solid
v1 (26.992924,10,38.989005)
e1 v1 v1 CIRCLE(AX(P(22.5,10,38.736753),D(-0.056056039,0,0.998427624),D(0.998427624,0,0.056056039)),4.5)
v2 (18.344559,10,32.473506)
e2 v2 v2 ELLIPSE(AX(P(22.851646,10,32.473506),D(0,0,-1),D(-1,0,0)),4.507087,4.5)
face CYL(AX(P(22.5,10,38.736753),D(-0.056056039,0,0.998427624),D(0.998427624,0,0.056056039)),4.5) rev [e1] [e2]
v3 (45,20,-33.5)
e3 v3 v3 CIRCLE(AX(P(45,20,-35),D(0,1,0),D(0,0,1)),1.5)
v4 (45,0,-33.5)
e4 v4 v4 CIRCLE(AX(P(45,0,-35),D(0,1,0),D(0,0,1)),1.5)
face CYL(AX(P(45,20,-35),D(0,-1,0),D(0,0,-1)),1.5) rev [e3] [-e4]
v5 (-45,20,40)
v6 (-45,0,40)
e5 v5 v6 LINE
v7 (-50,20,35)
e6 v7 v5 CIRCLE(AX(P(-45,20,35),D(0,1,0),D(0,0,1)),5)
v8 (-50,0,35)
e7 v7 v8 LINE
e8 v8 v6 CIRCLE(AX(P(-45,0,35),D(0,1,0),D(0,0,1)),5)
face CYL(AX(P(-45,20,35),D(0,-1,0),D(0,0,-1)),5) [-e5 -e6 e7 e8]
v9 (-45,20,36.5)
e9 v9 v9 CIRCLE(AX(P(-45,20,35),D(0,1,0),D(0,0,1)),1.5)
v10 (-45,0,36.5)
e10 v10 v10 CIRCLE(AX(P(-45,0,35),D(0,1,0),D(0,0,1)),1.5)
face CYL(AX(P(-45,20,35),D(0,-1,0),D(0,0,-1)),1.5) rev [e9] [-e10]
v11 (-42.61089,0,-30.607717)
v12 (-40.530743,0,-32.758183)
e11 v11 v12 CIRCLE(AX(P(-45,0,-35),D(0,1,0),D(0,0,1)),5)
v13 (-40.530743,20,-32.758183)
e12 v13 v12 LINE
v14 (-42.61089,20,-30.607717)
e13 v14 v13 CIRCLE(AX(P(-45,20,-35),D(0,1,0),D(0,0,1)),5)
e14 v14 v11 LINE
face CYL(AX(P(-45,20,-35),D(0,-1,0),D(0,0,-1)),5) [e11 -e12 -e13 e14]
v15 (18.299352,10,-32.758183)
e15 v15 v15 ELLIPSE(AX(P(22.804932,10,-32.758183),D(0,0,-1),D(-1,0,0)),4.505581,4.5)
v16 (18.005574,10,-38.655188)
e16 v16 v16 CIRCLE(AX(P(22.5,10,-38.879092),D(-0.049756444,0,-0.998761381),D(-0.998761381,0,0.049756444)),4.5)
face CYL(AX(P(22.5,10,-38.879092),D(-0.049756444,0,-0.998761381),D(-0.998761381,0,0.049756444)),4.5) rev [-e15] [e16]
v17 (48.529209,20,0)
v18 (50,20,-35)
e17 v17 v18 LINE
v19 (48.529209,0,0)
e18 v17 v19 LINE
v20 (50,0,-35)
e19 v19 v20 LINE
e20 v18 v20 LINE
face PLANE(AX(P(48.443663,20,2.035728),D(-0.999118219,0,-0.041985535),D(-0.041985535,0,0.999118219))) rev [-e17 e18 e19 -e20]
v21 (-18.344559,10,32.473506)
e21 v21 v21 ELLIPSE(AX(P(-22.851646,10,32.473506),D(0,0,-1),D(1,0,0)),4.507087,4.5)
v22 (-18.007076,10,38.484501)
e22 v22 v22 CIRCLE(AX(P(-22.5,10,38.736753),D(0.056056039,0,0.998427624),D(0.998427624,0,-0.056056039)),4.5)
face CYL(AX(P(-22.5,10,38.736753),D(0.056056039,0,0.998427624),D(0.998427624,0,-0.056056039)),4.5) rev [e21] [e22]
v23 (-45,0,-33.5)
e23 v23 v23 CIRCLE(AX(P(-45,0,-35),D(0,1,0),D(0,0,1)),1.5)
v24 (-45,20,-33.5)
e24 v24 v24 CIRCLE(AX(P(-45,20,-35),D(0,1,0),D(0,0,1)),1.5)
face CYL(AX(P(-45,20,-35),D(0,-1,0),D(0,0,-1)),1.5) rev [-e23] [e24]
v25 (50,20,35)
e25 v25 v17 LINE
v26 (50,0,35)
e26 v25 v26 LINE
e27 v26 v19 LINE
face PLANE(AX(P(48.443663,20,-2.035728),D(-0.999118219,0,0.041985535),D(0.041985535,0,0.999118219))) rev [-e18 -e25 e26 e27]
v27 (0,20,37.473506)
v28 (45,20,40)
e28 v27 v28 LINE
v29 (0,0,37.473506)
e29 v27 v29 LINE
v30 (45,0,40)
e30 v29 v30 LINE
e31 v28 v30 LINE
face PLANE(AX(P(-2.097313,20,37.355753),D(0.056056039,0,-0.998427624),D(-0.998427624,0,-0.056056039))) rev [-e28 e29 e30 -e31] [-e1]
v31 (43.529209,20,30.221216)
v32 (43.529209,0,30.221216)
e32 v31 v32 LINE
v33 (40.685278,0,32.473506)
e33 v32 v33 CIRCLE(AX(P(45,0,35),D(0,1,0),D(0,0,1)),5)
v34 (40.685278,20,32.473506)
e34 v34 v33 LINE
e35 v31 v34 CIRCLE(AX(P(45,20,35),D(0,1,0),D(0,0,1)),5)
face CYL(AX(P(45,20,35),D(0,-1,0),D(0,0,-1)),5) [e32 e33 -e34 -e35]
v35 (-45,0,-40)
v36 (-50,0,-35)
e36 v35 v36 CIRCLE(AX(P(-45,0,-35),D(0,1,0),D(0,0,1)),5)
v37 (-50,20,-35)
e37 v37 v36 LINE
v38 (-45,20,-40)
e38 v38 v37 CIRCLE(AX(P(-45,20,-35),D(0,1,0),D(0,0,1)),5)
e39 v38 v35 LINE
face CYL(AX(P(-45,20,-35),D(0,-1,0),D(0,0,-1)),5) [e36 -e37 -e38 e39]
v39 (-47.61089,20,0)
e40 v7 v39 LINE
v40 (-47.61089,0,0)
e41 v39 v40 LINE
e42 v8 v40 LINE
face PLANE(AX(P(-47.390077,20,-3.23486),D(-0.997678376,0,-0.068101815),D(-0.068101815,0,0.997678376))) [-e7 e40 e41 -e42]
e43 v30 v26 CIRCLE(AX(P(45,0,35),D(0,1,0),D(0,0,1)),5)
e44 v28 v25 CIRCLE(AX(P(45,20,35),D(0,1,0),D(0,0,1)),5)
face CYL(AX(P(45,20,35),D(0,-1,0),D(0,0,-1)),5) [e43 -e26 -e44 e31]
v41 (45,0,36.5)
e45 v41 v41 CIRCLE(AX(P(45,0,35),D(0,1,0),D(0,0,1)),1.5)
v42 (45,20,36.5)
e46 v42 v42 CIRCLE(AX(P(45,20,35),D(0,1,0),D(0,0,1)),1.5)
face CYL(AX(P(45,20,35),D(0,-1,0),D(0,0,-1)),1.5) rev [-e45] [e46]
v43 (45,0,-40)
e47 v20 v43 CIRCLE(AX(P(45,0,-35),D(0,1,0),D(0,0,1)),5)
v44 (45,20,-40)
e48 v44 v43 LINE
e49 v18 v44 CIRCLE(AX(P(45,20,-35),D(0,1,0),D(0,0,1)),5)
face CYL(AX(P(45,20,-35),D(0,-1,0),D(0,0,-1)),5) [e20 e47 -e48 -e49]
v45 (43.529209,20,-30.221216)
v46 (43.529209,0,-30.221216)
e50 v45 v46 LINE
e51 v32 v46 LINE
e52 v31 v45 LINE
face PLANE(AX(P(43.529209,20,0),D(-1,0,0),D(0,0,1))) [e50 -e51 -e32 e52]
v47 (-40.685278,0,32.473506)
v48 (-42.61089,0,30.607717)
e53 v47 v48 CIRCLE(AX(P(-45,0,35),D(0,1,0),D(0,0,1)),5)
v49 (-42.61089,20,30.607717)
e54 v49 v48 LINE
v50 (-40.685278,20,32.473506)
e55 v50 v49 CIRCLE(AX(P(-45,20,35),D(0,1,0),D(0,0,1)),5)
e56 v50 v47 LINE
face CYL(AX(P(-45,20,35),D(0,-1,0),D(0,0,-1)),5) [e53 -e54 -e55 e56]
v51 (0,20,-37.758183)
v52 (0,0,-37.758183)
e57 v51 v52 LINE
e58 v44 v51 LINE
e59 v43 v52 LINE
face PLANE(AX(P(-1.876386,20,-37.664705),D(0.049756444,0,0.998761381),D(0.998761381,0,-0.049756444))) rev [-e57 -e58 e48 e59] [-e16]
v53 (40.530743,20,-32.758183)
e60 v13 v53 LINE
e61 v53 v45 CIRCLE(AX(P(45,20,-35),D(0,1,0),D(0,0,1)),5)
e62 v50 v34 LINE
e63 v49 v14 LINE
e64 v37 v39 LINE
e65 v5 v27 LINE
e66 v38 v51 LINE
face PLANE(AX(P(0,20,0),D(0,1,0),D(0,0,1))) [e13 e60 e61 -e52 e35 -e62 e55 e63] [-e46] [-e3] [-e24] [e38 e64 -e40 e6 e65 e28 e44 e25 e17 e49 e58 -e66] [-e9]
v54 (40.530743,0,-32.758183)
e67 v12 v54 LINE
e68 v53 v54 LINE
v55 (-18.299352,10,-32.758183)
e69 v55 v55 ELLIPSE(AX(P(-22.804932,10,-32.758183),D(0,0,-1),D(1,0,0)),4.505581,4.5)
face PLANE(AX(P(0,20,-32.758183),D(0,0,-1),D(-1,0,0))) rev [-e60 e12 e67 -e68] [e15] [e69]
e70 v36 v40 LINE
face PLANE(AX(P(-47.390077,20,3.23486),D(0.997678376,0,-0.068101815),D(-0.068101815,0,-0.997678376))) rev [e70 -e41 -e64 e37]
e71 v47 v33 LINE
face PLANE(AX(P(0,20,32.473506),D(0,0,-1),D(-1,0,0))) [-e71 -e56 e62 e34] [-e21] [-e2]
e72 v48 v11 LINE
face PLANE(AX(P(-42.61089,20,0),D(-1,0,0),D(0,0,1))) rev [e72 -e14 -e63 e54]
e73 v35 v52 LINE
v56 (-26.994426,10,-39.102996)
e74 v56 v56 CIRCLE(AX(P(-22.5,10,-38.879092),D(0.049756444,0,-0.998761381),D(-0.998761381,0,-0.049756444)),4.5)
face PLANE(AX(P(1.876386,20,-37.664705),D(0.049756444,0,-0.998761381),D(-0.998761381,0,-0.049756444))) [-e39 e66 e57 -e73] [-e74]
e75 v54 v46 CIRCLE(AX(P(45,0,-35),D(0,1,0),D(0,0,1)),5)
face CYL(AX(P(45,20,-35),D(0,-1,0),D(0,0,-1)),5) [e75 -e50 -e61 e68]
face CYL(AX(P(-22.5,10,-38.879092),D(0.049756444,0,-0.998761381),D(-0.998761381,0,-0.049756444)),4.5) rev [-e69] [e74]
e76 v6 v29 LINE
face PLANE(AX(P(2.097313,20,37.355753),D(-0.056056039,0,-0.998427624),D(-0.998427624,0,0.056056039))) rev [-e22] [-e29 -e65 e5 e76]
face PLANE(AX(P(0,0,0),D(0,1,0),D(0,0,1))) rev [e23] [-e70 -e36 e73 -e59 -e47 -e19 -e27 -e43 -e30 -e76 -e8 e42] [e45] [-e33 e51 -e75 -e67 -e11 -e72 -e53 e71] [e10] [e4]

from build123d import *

# Parameters (mm, degrees)
SKETCH1_R                   = 1.5
BOSS_EXTRUDE3_DEPTH         = 20
M10X1_0_TAPPED_HOLE2_REACH  = 97.384
M10X1_0_TAPPED_HOLE2_BORE_R = 4.5
M10X1_0_TAPPED_HOLE3_REACH  = 97.384
M10X1_0_TAPPED_HOLE3_BORE_R = 4.5
M10X1_0_TAPPED_HOLE4_REACH  = 97.514
M10X1_0_TAPPED_HOLE4_BORE_R = 4.5
M10X1_0_TAPPED_HOLE5_REACH  = 97.514
M10X1_0_TAPPED_HOLE5_BORE_R = 4.5


with BuildPart() as part:
    # Sketch1 → Boss-Extrude3 (new body)
    with BuildSketch(Plane(origin=(0, 0, 0), x_dir=(1, 0, 0), z_dir=(0, 1, 0))):
        with BuildLine():
            Line((-44.503051854, 39.975242963), (-45, 40))
            ThreePointArc((-45, 40), (-48.535533906, 38.535533906), (-50, 35))
            Line((-50, 35), (-49.953621428, 34.32056292))
            Line((-49.953621428, 34.32056292), (-47.610889869, 0))
            Line((-47.610889869, 0), (-49.953621428, -34.32056292))
            Line((-49.953621428, -34.32056292), (-50, -35))
            ThreePointArc((-50, -35), (-48.535533906, -38.535533906), (-45, -40))
            Line((-45, -40), (0, -37.473505635))
            Line((0, -37.473505635), (45, -40))
            ThreePointArc((45, -40), (48.535533906, -38.535533906), (50, -35))
            Line((50, -35), (49.982372149, -34.580514872))
            Line((49.982372149, -34.580514872), (48.529209365, 0))
            Line((48.529209365, 0), (49.982372149, 34.580514872))
            Line((49.982372149, 34.580514872), (50, 35))
            ThreePointArc((50, 35), (48.535533906, 38.535533906), (45, 40))
            Line((45, 40), (44.503051854, 39.975242963))
            Line((44.503051854, 39.975242963), (0, 37.758183271))
            Line((0, 37.758183271), (-44.503051854, 39.975242963))
        make_face()
        with Locations(Location((-45, -35, 0), (0, 0, 270))):
            Circle(SKETCH1_R, mode=Mode.SUBTRACT)
        with Locations(Location((45, -35, 0), (0, 0, 270))):
            Circle(SKETCH1_R, mode=Mode.SUBTRACT)
        with Locations(Location((-45, 35, 0), (0, 0, 270))):
            Circle(SKETCH1_R, mode=Mode.SUBTRACT)
        with BuildLine():
            Line((40.685277967, -32.473505635), (-40.685277967, -32.473505635))
            ThreePointArc((-40.685277967, -32.473505635), (-41.520684905, -31.409127338), (-42.610889869, -30.607716678))
            Line((-42.610889869, -30.607716678), (-42.610889869, 30.607716678))
            ThreePointArc((-42.610889869, 30.607716678), (-41.406196107, 31.523712673), (-40.530743043, 32.758183271))
            Line((-40.530743043, 32.758183271), (40.530743043, 32.758183271))
            ThreePointArc((40.530743043, 32.758183271), (41.770434724, 31.182945097), (43.529209365, 30.221216169))
            Line((43.529209365, 30.221216169), (43.529209365, -30.221216169))
            ThreePointArc((43.529209365, -30.221216169), (41.895770439, -31.080336898), (40.685277967, -32.473505635))
        make_face(mode=Mode.SUBTRACT)
        with Locations(Location((45, 35, 0), (0, 0, 270))):
            Circle(SKETCH1_R, mode=Mode.SUBTRACT)
    extrude(amount=BOSS_EXTRUDE3_DEPTH)

    # M10x1.0 Tapped Hole2 bore → M10x1.0 Tapped Hole2 (cut, up to next)
    with BuildSketch(Plane(origin=(2.097313344, 0, 37.355753405), x_dir=(0.9984276240489233, 0, -0.05605603924665131), z_dir=(0.05605603924665131, 0, 0.9984276240489233)), mode=Mode.PRIVATE) as m10x1_0_tapped_hole2_sk1:
        with Locations((-24.636050477, 10)):
            Circle(M10X1_0_TAPPED_HOLE2_BORE_R)
    m10x1_0_tapped_hole2_tool1 = extrude(m10x1_0_tapped_hole2_sk1.sketch, amount=-M10X1_0_TAPPED_HOLE2_REACH, mode=Mode.PRIVATE) & part.part
    add(m10x1_0_tapped_hole2_tool1.solids().sort_by_distance((-22.5, 10, 38.736753))[0], mode=Mode.SUBTRACT)

    # M10x1.0 Tapped Hole3 bore → M10x1.0 Tapped Hole3 (cut, up to next)
    with BuildSketch(Plane(origin=(-2.097313344, 0, 37.355753405), x_dir=(0.9984276240489233, 0, 0.056056039246651354), z_dir=(-0.056056039246651354, 0, 0.9984276240489233)), mode=Mode.PRIVATE) as m10x1_0_tapped_hole3_sk1:
        with Locations((24.636050477, 10)):
            Circle(M10X1_0_TAPPED_HOLE3_BORE_R)
    m10x1_0_tapped_hole3_tool1 = extrude(m10x1_0_tapped_hole3_sk1.sketch, amount=-M10X1_0_TAPPED_HOLE3_REACH, mode=Mode.PRIVATE) & part.part
    add(m10x1_0_tapped_hole3_tool1.solids().sort_by_distance((22.5, 10, 38.736753))[0], mode=Mode.SUBTRACT)

    # M10x1.0 Tapped Hole4 bore → M10x1.0 Tapped Hole4 (cut, up to next)
    with BuildSketch(Plane(origin=(-1.876385916, 0, -37.664705196), x_dir=(-0.9987613810598752, 0, 0.049756443837666), z_dir=(-0.049756443837666, 0, -0.9987613810598752)), mode=Mode.PRIVATE) as m10x1_0_tapped_hole4_sk1:
        with Locations((-24.406616413, 10)):
            Circle(M10X1_0_TAPPED_HOLE4_BORE_R)
    m10x1_0_tapped_hole4_tool1 = extrude(m10x1_0_tapped_hole4_sk1.sketch, amount=-M10X1_0_TAPPED_HOLE4_REACH, mode=Mode.PRIVATE) & part.part
    add(m10x1_0_tapped_hole4_tool1.solids().sort_by_distance((22.5, 10, -38.879092))[0], mode=Mode.SUBTRACT)

    # M10x1.0 Tapped Hole5 bore → M10x1.0 Tapped Hole5 (cut, up to next)
    with BuildSketch(Plane(origin=(1.876385916, 0, -37.664705196), x_dir=(-0.9987613810598767, 0, -0.04975644383763697), z_dir=(0.049756443837636964, 0, -0.9987613810598766)), mode=Mode.PRIVATE) as m10x1_0_tapped_hole5_sk1:
        with Locations((24.406616413, 10)):
            Circle(M10X1_0_TAPPED_HOLE5_BORE_R)
    m10x1_0_tapped_hole5_tool1 = extrude(m10x1_0_tapped_hole5_sk1.sketch, amount=-M10X1_0_TAPPED_HOLE5_REACH, mode=Mode.PRIVATE) & part.part
    add(m10x1_0_tapped_hole5_tool1.solids().sort_by_distance((-22.5, 10, -38.879092))[0], mode=Mode.SUBTRACT)


solid = part.part
